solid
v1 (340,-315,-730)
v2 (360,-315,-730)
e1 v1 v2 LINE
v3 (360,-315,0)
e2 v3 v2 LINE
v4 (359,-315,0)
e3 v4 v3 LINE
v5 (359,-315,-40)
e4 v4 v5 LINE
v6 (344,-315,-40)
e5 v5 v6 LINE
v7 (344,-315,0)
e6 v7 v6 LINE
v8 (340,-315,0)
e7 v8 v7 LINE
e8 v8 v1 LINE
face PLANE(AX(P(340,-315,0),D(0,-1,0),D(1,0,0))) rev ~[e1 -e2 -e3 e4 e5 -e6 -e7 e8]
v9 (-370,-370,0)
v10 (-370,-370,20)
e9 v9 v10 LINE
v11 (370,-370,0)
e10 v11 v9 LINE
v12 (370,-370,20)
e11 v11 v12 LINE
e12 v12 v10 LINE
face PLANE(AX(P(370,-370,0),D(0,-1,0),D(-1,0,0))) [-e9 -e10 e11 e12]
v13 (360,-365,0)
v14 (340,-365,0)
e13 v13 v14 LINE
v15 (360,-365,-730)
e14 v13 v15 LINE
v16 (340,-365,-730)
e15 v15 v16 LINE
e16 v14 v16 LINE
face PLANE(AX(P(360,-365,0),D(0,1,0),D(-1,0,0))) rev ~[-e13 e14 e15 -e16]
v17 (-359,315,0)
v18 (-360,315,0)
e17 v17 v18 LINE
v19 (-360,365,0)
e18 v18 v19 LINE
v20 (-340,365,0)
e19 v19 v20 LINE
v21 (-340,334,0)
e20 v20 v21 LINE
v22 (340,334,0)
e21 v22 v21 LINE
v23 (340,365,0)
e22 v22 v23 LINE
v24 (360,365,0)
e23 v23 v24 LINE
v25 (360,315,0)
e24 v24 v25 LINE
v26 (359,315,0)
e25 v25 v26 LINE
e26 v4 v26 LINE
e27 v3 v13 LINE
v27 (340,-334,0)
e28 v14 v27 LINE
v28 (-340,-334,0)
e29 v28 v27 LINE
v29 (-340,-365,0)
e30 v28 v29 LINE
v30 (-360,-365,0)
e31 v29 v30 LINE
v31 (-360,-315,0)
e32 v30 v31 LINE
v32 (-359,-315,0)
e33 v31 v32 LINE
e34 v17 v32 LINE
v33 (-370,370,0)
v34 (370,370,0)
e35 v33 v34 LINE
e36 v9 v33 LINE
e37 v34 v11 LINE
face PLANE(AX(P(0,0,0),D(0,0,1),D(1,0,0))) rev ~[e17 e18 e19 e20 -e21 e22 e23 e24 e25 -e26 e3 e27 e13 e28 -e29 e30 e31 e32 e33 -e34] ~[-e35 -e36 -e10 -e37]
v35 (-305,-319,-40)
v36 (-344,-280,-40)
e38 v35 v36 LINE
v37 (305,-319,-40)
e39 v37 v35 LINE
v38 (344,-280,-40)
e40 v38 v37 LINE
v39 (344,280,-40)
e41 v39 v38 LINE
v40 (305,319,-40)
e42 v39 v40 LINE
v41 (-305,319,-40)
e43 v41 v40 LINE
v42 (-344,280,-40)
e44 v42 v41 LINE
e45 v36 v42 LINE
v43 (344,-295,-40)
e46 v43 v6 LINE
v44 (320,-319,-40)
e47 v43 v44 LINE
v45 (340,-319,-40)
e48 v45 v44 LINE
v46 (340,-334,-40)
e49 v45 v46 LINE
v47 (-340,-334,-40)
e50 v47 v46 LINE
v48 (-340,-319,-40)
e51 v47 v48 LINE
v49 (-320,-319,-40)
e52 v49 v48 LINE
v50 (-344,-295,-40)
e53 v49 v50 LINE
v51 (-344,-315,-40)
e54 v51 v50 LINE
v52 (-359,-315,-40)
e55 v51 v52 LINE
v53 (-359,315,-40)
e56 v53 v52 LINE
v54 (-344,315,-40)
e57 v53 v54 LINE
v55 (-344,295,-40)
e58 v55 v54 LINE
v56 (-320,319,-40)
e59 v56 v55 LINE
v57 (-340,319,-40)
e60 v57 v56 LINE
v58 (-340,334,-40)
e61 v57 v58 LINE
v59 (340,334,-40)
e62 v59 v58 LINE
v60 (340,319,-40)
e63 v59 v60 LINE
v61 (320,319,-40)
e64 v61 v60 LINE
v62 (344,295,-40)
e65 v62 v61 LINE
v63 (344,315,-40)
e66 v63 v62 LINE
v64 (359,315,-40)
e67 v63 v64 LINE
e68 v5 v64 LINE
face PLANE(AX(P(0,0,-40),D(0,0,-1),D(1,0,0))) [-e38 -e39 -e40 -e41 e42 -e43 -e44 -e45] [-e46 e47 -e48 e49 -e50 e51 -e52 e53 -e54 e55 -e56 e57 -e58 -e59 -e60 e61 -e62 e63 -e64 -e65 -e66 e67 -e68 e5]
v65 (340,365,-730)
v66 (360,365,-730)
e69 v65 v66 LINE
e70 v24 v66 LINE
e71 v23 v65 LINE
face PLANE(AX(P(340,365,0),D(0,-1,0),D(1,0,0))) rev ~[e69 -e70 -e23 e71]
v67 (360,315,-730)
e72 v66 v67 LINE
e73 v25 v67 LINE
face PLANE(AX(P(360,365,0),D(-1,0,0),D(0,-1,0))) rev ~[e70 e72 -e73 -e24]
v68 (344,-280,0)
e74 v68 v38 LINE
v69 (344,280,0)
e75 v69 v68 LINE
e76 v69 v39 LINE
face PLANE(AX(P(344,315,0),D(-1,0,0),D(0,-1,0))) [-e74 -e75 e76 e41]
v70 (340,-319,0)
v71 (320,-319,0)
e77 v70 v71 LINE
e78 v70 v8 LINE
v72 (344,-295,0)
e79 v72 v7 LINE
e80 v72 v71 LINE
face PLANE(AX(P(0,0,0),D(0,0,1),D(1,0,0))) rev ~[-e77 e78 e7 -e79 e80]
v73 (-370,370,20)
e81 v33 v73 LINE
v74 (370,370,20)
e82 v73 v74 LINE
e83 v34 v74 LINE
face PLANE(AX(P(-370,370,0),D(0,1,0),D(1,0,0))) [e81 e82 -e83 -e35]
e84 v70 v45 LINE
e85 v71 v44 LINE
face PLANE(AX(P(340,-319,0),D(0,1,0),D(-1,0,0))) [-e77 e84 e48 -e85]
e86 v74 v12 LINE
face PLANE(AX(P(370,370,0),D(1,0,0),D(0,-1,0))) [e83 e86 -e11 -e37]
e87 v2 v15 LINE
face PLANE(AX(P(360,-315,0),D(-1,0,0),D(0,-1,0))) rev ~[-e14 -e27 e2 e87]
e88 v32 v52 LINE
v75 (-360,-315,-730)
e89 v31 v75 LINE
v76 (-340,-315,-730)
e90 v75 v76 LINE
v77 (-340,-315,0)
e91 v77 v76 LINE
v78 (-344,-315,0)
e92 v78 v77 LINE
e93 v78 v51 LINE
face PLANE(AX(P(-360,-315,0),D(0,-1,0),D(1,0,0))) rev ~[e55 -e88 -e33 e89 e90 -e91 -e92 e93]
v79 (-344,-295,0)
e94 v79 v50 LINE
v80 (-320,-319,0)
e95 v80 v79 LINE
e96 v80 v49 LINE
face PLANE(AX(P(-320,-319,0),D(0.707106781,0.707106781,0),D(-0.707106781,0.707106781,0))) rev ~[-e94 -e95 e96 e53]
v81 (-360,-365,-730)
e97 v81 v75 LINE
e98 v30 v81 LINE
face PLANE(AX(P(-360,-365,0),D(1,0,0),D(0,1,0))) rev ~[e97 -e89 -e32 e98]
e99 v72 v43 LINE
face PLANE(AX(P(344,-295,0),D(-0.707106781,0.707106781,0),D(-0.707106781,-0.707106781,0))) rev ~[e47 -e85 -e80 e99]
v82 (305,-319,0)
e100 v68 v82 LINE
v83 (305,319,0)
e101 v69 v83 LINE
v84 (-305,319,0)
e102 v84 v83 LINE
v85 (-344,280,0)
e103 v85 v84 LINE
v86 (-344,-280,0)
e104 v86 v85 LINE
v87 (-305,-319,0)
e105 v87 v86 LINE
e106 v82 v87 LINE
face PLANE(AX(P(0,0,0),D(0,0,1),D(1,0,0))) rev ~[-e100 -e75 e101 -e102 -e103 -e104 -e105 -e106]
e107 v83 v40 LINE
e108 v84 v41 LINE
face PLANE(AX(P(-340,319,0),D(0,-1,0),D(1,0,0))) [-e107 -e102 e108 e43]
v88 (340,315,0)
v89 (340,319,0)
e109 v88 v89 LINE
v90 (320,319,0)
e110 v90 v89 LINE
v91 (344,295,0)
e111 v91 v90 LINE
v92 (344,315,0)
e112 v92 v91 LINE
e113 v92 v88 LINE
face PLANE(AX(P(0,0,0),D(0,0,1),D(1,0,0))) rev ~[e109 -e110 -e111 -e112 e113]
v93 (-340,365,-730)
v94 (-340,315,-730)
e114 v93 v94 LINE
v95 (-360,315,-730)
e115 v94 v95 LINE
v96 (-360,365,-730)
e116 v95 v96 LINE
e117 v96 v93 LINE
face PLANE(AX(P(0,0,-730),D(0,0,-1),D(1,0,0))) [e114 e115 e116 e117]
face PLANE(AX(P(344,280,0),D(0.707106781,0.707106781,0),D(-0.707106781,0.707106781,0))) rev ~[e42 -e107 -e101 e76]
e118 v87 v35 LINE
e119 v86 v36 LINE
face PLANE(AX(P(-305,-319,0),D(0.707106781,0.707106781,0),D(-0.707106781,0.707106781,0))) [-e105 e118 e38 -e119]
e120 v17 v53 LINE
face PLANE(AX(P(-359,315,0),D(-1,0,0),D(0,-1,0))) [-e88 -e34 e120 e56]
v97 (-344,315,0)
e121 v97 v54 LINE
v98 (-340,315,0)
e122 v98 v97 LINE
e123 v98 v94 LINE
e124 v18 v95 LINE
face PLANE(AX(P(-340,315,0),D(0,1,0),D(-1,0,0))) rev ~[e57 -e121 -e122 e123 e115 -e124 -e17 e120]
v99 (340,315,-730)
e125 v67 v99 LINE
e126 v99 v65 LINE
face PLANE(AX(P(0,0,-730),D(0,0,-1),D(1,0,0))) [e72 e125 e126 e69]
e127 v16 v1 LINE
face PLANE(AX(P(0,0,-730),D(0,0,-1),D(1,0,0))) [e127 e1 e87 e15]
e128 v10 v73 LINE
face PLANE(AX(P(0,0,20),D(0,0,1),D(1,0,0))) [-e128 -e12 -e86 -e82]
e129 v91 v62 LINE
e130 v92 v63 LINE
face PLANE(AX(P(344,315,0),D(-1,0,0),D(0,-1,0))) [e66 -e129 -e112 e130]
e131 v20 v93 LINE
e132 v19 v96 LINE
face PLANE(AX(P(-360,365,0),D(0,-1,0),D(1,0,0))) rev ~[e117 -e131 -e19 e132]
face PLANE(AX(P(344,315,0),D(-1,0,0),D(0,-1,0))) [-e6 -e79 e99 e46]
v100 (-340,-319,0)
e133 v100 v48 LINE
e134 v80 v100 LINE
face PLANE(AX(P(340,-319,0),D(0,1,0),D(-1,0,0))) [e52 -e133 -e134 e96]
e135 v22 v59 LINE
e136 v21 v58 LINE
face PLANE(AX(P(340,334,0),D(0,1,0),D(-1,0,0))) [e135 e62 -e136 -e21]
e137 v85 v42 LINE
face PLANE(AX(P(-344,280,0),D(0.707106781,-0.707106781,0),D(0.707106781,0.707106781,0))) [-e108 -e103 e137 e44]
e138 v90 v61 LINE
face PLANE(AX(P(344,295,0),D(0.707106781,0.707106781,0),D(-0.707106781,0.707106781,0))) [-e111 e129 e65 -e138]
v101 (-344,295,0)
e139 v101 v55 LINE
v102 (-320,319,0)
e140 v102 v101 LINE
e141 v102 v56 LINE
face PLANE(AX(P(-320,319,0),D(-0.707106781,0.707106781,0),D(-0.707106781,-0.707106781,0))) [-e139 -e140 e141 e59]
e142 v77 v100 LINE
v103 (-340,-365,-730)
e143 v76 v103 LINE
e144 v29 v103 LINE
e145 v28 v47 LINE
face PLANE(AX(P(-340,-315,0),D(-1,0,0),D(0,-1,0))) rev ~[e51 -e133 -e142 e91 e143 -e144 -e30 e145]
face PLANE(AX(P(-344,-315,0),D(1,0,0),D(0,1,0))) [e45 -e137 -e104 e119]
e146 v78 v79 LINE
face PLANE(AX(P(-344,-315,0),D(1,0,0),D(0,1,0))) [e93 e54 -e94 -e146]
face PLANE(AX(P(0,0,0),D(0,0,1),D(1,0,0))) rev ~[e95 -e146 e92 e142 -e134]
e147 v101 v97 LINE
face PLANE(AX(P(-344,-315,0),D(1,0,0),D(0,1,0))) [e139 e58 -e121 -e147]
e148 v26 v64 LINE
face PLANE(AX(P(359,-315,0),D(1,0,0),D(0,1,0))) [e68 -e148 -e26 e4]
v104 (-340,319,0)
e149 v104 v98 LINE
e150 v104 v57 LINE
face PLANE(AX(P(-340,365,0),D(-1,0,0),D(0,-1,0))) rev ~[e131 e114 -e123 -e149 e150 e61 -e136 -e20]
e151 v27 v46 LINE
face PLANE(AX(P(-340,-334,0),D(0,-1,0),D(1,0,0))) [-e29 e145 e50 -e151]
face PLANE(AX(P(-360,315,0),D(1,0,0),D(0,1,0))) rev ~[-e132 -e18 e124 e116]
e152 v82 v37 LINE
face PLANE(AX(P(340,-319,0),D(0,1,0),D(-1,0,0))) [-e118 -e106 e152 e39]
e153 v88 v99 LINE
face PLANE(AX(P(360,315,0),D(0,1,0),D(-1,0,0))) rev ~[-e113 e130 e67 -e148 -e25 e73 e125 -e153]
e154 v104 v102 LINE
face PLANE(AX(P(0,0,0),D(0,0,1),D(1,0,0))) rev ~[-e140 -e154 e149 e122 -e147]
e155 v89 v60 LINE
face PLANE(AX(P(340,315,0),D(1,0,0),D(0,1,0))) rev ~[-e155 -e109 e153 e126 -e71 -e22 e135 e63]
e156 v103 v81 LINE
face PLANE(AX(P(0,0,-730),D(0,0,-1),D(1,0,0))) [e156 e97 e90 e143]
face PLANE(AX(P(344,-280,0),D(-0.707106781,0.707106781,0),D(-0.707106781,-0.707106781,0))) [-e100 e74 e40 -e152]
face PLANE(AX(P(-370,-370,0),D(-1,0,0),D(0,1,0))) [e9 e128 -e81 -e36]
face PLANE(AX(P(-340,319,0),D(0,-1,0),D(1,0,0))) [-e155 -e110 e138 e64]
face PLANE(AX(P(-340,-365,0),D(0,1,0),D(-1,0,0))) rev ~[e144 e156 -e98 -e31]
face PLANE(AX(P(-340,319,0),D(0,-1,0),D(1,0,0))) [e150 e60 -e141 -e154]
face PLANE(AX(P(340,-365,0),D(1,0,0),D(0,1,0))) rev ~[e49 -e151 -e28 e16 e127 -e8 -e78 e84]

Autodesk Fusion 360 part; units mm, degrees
sketch "Sketch1" plane through (0, 0, 0) normal (0, 0, 1) x (1, 0, 0)
  line L0 (-370, 370) -> (370, 370)
  line L1 (370, 370) -> (370, -370)
  line L2 (370, -370) -> (-370, -370)
  line L3 (-370, -370) -> (-370, 370)
  dimension "d1" = 740
  dimension "d2" = 370
  dimension "d3" = 740
  dimension "d4" = 370
extrude "Extrude1" add sketch "Sketch1" along normal blind 20
sketch "Sketch3" plane through (0, 0, 0) normal (0, 0, -1) x (1, 0, 0)
  line L0 (370, 370) -> (-370, 370)
  line L1 (-370, 370) -> (-370, -370)
  line L2 (-370, -370) -> (370, -370)
  line L3 (370, -370) -> (370, 370)
  line L4 (360, 365) -> (340, 365)
  line L5 (340, 365) -> (340, 315)
  line L6 (340, 315) -> (360, 315)
  line L7 (360, 315) -> (360, 365)
  line L8 (360, -315) -> (340, -315)
  line L9 (340, -315) -> (340, -365)
  line L10 (340, -365) -> (360, -365)
  line L11 (360, -365) -> (360, -315)
  line L12 (-340, -315) -> (-360, -315)
  line L13 (-360, -315) -> (-360, -365)
  line L14 (-360, -365) -> (-340, -365)
  line L15 (-340, -365) -> (-340, -315)
  line L16 (-340, 365) -> (-360, 365)
  line L17 (-360, 365) -> (-360, 315)
  line L18 (-360, 315) -> (-340, 315)
  line L19 (-340, 315) -> (-340, 365)
  dimension "d7" = 50
  dimension "d8" = 20
  dimension "d9" = 10
  dimension "d10" = 5
  dimension "d11" = 20
  dimension "d12" = 10
  dimension "d13" = 5
  dimension "d14" = 50
extrude "Extrude2" add sketch "Sketch3" along normal blind 730 contours L4 L5 L6 L7 | L8 L9 L10 L11 | L12 L13 L14 L15 | L16 L17 L18 L19
sketch "Sketch4" plane through (0, 0, 0) normal (0, 0, -1) x (1, 0, 0)
  line L0 (-340, 315) -> (-360, 315)
  line L1 (-360, 315) -> (-360, 365)
  line L2 (-360, 365) -> (-340, 365)
  line L3 (-340, 365) -> (-340, 315)
  line L4 (360, 315) -> (340, 315)
  line L5 (340, 315) -> (340, 365)
  line L6 (340, 365) -> (360, 365)
  line L7 (360, 365) -> (360, 315)
  line L8 (-340, -365) -> (-360, -365)
  line L9 (-360, -365) -> (-360, -315)
  line L10 (-360, -315) -> (-340, -315)
  line L11 (-340, -315) -> (-340, -365)
  line L12 (360, -365) -> (340, -365)
  line L13 (340, -365) -> (340, -315)
  line L14 (340, -315) -> (360, -315)
  line L15 (360, -315) -> (360, -365)
  line L16 (370, 370) -> (-370, 370)
  line L17 (-370, 370) -> (-370, -370)
  line L18 (-370, -370) -> (370, -370)
  line L19 (370, -370) -> (370, 370)
  line L20 (-340, 334) -> (340, 334)
  line L21 (340, 334) -> (340, 319)
  line L22 (340, 319) -> (-340, 319)
  line L23 (-340, 319) -> (-340, 334)
  line L24 (-340, -319) -> (340, -319)
  line L25 (340, -319) -> (340, -334)
  line L26 (340, -334) -> (-340, -334)
  line L27 (-340, -334) -> (-340, -319)
  line L28 (344, 315) -> (359, 315)
  line L29 (359, 315) -> (359, -315)
  line L30 (359, -315) -> (344, -315)
  line L31 (344, -315) -> (344, 315)
  line L32 (-359, 315) -> (-344, 315)
  line L33 (-344, 315) -> (-344, -315)
  line L34 (-344, -315) -> (-359, -315)
  line L35 (-359, -315) -> (-359, 315)
  dimension "d17" = 15
  dimension "d18" = 15
  dimension "d19" = 15
  dimension "d20" = 15
  dimension "d21" = 630
  dimension "d22" = 680
  dimension "d23" = 55
  dimension "d24" = 30
  dimension "d25" = 11
  dimension "d26" = 11
  dimension "d27" = 4
  dimension "d28" = 4
extrude "Extrude3" add sketch "Sketch4" along normal blind 40 contours L0 L10 L32 L33 L34 L35 | L3 L5 L20 L21 L22 L23 | L11 L13 L24 L25 L26 L27 | L4 L14 L28 L29 L30 L31
sketch "Sketch5" plane through (0, 0, 0) normal (0, 0, -1) x (1, 0, 0)
  line L0 (344, -315) -> (344, 315)
  line L1 (344, 315) -> (340, 315)
  line L2 (340, 315) -> (340, 319)
  line L3 (340, 319) -> (-340, 319)
  line L4 (-340, 319) -> (-340, 315)
  line L5 (-340, 315) -> (-344, 315)
  line L6 (-344, 315) -> (-344, -315)
  line L7 (-344, -315) -> (-340, -315)
  line L8 (-340, -315) -> (-340, -319)
  line L9 (-340, -319) -> (340, -319)
  line L10 (340, -319) -> (340, -315)
  line L11 (340, -315) -> (344, -315)
  line L12 (344, -295) -> (320, -319)
  line L13 (344, -280) -> (305, -319)
  line L14 (-320, -319) -> (-344, -295)
  line L15 (-344, -280) -> (-305, -319)
  line L16 (344, 295) -> (320, 319)
  line L17 (344, 280) -> (305, 319)
  line L18 (-320, 319) -> (-344, 295)
  line L19 (-305, 319) -> (-344, 280)
  dimension "d31" = 45
  dimension "d32" = 45
  dimension "d33" = 20
  dimension "d34" = 15
  dimension "d35" = 45
  dimension "d36" = 45
  dimension "d37" = 15
  dimension "d38" = 20
  dimension "d39" = 45
  dimension "d40" = 45
  dimension "d41" = 20
  dimension "d42" = 15
  dimension "d43" = 45
  dimension "d44" = 45
  dimension "d45" = 20
  dimension "d46" = 15
extrude "Extrude4" add sketch "Sketch5" along normal blind 40 contours L0 L9 L12 L13 | L0 L3 L16 L17 | L6 L9 L14 L15 | L3 L6 L18 L19
equation "d2 = ( 740 / 2 ) * 1 mm"
equation "d4 = ( 740 / 2 ) * 1 mm"
equation "d23 = ( ( 740 - 630 ) / 2 ) * 1 mm"
equation "d24 = ( ( 740 - 680 ) / 2 ) * 1 mm"
